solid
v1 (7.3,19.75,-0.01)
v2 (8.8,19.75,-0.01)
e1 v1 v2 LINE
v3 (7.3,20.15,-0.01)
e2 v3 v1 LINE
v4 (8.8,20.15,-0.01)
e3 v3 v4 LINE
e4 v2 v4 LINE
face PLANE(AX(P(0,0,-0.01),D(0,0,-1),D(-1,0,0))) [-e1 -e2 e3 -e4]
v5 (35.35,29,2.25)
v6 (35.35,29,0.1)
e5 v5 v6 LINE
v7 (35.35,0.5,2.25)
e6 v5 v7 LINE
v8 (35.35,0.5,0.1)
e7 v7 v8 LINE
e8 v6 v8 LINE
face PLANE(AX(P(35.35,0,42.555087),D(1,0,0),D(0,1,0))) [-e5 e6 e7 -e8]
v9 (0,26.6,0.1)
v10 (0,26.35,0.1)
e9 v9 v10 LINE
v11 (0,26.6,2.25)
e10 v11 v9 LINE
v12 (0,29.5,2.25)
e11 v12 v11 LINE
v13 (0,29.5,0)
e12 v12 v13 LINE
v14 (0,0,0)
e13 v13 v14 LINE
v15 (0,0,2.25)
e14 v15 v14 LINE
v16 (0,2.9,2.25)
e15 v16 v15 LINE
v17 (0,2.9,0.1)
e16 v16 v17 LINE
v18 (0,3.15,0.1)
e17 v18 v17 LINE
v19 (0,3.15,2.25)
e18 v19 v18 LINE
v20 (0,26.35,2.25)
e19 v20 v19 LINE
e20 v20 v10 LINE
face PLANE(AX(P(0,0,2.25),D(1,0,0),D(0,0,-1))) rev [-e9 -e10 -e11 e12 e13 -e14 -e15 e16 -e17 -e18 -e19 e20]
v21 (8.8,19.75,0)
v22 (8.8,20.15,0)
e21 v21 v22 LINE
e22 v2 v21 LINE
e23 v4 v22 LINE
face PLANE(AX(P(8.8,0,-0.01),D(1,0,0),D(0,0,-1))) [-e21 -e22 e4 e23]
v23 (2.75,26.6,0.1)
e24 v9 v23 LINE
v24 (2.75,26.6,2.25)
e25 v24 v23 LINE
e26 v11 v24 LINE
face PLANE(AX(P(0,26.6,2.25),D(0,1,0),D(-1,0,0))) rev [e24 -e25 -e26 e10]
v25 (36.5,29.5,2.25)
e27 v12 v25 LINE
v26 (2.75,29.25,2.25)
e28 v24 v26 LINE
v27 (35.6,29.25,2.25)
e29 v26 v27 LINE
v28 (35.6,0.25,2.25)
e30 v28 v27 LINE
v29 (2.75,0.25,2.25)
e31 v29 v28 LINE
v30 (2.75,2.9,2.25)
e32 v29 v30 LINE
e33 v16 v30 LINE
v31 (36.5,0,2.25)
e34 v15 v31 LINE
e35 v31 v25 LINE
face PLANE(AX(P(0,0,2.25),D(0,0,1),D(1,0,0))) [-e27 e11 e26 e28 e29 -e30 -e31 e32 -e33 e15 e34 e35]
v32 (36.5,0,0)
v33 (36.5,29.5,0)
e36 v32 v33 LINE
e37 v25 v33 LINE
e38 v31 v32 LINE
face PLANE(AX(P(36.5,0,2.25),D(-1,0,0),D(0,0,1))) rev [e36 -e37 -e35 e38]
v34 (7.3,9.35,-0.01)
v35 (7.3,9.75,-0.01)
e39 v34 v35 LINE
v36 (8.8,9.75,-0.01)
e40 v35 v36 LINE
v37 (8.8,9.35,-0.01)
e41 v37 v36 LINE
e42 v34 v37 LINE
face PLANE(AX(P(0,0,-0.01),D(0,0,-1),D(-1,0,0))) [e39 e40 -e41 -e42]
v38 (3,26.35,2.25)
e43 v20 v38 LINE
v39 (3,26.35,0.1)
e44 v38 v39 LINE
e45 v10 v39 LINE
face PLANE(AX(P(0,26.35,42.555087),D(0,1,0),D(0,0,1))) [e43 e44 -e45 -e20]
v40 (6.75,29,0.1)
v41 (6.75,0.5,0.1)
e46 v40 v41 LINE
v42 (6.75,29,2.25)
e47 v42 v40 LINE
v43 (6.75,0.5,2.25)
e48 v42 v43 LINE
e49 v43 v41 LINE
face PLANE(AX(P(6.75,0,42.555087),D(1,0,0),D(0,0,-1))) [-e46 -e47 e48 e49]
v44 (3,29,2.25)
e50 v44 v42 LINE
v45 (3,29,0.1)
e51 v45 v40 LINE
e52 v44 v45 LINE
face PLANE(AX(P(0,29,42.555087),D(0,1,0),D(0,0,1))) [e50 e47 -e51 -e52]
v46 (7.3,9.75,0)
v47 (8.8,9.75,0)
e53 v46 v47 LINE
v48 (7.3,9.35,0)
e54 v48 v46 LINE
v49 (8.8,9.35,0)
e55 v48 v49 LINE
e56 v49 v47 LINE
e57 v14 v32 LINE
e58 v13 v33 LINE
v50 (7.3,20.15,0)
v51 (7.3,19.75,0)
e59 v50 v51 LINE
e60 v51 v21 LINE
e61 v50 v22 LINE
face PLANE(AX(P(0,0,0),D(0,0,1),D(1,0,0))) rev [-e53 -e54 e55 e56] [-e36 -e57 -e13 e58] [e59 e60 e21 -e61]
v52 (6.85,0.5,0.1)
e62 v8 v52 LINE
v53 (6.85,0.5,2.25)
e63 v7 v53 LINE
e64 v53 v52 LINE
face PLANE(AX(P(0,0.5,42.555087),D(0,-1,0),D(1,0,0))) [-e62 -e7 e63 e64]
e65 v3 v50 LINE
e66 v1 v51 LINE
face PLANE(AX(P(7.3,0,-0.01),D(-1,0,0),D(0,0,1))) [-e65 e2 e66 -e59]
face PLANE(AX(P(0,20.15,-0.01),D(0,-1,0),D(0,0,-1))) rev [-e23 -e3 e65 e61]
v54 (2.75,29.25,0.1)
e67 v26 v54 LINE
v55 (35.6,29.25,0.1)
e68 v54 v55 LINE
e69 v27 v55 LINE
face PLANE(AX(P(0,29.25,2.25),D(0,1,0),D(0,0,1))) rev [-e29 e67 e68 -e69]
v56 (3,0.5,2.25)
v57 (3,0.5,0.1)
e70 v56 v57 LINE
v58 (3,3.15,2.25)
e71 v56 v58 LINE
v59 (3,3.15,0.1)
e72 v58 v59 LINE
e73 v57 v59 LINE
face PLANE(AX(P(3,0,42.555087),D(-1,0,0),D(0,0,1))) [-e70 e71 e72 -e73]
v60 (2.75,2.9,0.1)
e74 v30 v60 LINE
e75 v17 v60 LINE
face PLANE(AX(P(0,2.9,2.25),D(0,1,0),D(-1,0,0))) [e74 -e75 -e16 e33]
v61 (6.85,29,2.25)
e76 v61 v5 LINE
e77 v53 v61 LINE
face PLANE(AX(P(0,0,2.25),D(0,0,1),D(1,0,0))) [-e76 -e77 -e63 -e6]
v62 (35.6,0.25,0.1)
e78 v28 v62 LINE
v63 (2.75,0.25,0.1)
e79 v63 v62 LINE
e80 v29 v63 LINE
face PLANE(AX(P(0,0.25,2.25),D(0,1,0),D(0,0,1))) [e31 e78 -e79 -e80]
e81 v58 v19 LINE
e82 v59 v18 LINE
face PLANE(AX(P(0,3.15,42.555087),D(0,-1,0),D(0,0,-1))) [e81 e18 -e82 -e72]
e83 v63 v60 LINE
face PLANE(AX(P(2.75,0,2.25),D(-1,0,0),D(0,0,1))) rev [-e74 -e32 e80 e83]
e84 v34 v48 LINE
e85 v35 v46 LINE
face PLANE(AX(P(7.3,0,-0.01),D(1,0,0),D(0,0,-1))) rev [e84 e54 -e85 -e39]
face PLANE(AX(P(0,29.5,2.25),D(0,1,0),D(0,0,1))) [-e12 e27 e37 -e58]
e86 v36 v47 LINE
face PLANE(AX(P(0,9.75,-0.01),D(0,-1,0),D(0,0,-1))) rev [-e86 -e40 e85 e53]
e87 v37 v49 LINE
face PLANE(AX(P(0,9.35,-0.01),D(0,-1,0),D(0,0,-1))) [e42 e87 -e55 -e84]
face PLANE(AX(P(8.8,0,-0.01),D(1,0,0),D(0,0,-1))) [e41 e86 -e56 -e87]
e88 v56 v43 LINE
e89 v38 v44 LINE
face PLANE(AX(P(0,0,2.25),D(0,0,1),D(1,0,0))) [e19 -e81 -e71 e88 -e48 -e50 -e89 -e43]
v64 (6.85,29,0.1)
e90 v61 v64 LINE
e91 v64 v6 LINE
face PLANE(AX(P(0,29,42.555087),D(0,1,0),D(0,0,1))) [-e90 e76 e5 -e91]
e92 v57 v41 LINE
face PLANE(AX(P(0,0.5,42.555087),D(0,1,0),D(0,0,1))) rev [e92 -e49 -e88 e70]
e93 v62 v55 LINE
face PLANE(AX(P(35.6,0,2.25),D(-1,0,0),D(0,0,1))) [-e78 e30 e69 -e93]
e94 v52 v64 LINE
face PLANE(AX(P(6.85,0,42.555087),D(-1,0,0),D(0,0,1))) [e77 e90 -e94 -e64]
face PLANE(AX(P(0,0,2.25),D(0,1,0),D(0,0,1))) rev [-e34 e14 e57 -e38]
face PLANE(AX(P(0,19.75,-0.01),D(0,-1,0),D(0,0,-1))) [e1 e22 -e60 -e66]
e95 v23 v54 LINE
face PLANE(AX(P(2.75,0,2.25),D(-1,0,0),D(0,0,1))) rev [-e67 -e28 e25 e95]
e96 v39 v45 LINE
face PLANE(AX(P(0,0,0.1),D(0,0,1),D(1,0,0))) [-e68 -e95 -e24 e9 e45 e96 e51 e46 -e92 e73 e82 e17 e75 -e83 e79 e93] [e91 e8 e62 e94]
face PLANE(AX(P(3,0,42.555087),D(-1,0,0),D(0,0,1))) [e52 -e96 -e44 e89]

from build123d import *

# Parameters (mm, degrees)
EXTRUDE_938_DEPTH  = 2.25
EXTRUDE_987_DEPTH  = 0.1
SKETCH_1488_W      = 28.5
SKETCH_1488_H      = 28.5
EXTRUDE_2115_DEPTH = 2.15
SKETCH_2253_W      = 1.5
SKETCH_2253_H      = 0.4
EXTRUDE_2914_DEPTH = 0.01


with BuildPart() as part:
    # Sketch 282 → Extrude 938 (new body)
    with BuildSketch(Plane.XY):
        Polygon((36.5, 29.5), (0, 29.5), (0, 26.6), (2.75, 26.6), (2.75, 29.25), (35.6, 29.25), (35.6, 0.25), (2.75, 0.25), (2.75, 2.9), (0, 2.9), (0, 0), (36.5, 0), align=None)
    extrude(amount=EXTRUDE_938_DEPTH)

    # 底面草图<3> → Extrude 987 (add)
    with BuildSketch(Plane.XY):
        Polygon((2.75, 26.6), (0, 26.6), (0, 2.9), (2.75, 2.9), (2.75, 0.25), (35.6, 0.25), (35.6, 29.25), (2.75, 29.25), align=None)
    extrude(amount=EXTRUDE_987_DEPTH)

    # Sketch 1488 → Extrude 2115 (add)
    with BuildSketch(Plane.XY.offset(0.1)):
        with Locations((21.1, 14.75)):
            Rectangle(SKETCH_1488_W, SKETCH_1488_H)
        Polygon((6.75, 0.5), (6.75, 29), (3, 29), (3, 26.35), (0, 26.35), (0, 3.15), (3, 3.15), (3, 0.5), align=None)
    extrude(amount=EXTRUDE_2115_DEPTH)

    # Sketch 2253 → Extrude 2914 (add)
    with BuildSketch(Plane(origin=(0, 0, 0), x_dir=(-1, 0, 0), z_dir=(0, 0, -1))):
        with Locations((-8.05, 9.55)):
            Rectangle(SKETCH_2253_W, SKETCH_2253_H)
        with Locations((-8.05, 19.95)):
            Rectangle(SKETCH_2253_W, SKETCH_2253_H)
    extrude(amount=EXTRUDE_2914_DEPTH)


solid = part.part
